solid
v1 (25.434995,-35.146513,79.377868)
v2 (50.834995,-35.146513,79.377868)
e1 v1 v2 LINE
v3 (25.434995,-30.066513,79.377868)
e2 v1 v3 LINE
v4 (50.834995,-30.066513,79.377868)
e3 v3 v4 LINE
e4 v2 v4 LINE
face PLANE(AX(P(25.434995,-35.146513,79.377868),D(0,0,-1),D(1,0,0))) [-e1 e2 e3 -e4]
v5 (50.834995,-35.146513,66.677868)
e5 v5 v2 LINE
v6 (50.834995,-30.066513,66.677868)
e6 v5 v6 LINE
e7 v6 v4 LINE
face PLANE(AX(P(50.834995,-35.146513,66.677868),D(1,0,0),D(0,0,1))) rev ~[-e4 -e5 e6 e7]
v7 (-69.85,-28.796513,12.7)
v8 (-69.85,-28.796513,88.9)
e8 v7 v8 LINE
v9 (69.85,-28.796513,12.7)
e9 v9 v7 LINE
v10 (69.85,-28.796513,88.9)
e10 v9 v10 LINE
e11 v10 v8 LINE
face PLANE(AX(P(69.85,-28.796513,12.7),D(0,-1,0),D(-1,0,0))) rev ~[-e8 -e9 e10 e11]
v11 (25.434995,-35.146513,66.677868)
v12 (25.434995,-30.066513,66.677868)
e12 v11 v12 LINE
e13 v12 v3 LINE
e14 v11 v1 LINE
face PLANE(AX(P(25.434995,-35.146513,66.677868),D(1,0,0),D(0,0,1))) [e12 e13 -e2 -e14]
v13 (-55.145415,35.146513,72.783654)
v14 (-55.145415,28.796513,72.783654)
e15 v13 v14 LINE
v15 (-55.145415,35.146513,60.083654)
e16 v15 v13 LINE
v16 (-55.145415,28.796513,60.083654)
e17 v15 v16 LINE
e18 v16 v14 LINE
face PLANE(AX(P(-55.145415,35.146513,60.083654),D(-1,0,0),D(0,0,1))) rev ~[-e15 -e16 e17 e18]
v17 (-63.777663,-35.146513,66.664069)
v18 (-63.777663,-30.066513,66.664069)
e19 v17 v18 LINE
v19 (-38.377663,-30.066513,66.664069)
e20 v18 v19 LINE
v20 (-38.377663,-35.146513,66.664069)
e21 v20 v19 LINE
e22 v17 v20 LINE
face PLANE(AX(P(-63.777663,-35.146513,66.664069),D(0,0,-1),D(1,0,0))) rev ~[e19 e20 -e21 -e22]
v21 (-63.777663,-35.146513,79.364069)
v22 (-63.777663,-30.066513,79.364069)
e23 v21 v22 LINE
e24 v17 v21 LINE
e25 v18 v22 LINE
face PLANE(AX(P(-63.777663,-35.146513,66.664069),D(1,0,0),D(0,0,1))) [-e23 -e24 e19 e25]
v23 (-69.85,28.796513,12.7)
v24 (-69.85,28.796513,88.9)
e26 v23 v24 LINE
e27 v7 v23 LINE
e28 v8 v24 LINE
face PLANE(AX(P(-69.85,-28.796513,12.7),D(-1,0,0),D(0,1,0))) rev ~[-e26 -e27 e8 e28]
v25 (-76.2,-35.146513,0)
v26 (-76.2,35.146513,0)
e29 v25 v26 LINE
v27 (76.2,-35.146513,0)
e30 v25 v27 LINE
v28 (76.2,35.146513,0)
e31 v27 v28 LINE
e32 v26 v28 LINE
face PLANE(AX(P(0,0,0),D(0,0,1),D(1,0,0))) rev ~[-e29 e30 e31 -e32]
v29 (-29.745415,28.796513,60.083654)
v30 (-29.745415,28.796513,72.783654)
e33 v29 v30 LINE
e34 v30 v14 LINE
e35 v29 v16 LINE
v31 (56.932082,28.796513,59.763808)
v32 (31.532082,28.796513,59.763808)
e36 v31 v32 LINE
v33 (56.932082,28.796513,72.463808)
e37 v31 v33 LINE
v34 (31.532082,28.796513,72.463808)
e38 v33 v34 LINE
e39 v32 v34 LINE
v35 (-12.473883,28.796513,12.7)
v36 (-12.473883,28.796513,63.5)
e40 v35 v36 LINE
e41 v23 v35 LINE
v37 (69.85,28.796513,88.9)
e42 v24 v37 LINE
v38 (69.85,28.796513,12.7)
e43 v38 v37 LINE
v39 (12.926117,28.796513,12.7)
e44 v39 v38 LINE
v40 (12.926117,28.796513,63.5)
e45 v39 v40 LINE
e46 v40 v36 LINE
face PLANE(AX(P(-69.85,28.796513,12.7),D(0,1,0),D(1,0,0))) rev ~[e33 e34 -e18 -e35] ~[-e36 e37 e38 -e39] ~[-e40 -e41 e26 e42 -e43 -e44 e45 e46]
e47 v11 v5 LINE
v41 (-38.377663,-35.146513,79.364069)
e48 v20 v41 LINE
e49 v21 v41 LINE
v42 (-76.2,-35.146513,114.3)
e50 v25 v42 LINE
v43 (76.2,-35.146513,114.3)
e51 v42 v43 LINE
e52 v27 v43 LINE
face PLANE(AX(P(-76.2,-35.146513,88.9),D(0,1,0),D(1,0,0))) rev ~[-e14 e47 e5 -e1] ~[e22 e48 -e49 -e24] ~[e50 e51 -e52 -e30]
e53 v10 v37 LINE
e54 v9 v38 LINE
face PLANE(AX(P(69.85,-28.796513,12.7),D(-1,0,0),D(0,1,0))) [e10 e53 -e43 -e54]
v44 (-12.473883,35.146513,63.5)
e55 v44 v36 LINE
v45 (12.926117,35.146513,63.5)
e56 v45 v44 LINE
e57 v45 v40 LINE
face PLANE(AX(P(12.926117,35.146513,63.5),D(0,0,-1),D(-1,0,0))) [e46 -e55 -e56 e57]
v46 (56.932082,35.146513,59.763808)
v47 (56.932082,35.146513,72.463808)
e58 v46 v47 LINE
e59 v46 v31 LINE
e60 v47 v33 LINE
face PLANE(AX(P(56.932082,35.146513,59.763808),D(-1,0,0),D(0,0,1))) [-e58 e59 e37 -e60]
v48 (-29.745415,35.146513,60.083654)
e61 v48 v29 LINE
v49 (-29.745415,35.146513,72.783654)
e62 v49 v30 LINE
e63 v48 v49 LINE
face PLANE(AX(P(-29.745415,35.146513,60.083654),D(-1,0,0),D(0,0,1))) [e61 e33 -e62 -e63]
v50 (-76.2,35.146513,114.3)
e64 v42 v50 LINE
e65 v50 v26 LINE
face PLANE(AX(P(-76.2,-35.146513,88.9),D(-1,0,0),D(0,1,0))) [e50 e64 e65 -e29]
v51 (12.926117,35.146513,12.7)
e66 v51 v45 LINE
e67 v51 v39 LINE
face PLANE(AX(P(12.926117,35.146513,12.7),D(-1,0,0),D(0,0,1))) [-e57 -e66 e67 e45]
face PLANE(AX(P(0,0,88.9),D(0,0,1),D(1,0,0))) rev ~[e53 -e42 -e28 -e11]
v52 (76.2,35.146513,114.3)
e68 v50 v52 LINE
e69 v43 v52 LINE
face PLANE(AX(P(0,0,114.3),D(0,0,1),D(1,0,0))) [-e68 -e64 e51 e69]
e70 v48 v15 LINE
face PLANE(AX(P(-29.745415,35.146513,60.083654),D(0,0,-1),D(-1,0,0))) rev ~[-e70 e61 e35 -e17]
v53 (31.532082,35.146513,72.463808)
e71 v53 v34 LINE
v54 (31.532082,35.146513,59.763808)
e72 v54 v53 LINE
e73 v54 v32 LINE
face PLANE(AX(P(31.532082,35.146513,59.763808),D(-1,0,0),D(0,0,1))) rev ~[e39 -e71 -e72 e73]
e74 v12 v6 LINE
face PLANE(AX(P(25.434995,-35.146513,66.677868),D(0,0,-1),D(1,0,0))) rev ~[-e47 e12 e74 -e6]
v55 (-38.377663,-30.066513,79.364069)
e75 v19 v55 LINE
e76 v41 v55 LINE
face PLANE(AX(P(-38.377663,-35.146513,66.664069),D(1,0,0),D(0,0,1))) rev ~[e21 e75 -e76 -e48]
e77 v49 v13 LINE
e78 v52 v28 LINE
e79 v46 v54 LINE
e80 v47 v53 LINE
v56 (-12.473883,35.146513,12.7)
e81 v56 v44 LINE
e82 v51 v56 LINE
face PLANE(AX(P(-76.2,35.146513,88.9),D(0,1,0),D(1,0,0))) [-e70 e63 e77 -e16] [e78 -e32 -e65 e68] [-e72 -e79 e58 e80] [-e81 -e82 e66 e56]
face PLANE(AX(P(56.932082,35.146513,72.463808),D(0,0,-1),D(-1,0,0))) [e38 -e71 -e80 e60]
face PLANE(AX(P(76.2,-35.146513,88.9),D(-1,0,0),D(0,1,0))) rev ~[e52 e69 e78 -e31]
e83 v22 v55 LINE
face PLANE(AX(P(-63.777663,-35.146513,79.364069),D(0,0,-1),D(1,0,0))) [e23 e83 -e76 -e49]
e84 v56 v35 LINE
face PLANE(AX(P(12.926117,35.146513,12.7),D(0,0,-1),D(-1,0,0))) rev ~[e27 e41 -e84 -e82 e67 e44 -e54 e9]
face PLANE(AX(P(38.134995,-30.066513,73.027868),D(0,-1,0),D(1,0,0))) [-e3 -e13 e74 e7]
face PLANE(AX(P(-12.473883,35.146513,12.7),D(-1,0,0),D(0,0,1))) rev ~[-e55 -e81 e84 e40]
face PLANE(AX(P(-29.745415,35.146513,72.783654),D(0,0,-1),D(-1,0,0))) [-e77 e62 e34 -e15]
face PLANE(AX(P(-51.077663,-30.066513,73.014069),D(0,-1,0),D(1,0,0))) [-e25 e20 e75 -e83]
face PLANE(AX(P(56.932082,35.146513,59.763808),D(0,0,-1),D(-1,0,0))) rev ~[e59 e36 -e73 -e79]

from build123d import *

# Parameters (mm, degrees)
F0_W     = 152.4
F0_H     = 70.293026
F1_DEPTH = 12.7
F2_W     = 6.35
F2_H     = 57.593026
F3_DEPTH = 76.2
F4_W     = 25.4
F4_H     = 50.8
F4_H_2   = 12.7
F5_DEPTH = 6.35
F6_W     = 25.4
F6_H     = 12.7
F7_DEPTH = 5.08
F8_W     = 152.4
F8_H     = 70.293026
F9_DEPTH = 25.4


with BuildPart() as f1:
    # F0 (on Top) → F1 (new body)
    with BuildSketch(Plane.XY):
        Rectangle(F0_W, F0_H)
    extrude(amount=F1_DEPTH)

    # F2 (on face) → F3 (join)
    with BuildSketch(Plane.XY.offset(12.7)):
        Polygon((-70.562325, 35.146513), (-76.2, 35.146513), (-76.2, 28.796513), (-69.85, 28.796513), (69.85, 28.796513), (76.2, 28.796513), (76.2, 35.146513), (-63.181333, 35.146513), align=None)
        with Locations((-73.025, 0)):
            Rectangle(F2_W, F2_H)
        Polygon((-69.85, -28.796513), (-76.2, -28.796513), (-76.2, -35.146513), (76.2, -35.146513), (76.2, -28.796513), (69.85, -28.796513), align=None)
        with Locations((73.025, 0)):
            Rectangle(F2_W, F2_H)
    extrude(amount=F3_DEPTH)

    # F4 (on face) → F5 (cut, through all)
    with BuildSketch(Plane(origin=(0, 35.146513, 0), x_dir=(-1, 0, 0), z_dir=(0, 1, 0))):
        with Locations((-0.226117, 38.1)):
            Rectangle(F4_W, F4_H)
        with Locations((-44.232082, 66.113808)):
            Rectangle(F4_W, F4_H_2)
        with Locations((42.445415, 66.433654)):
            Rectangle(F4_W, F4_H_2)
    extrude(amount=-F5_DEPTH, mode=Mode.SUBTRACT)

    # F6 (on face) → F7 (cut)
    with BuildSketch(Plane.XZ.offset(35.146513)):
        with Locations((-51.077663, 73.014069)):
            Rectangle(F6_W, F6_H)
        with Locations((38.134995, 73.027868)):
            Rectangle(F6_W, F6_H)
    extrude(amount=-F7_DEPTH, mode=Mode.SUBTRACT)

    # F8 (on face) → F9 (join)
    with BuildSketch(Plane.XY.offset(88.9)):
        Rectangle(F8_W, F8_H)
    extrude(amount=F9_DEPTH)


solid = f1.part
